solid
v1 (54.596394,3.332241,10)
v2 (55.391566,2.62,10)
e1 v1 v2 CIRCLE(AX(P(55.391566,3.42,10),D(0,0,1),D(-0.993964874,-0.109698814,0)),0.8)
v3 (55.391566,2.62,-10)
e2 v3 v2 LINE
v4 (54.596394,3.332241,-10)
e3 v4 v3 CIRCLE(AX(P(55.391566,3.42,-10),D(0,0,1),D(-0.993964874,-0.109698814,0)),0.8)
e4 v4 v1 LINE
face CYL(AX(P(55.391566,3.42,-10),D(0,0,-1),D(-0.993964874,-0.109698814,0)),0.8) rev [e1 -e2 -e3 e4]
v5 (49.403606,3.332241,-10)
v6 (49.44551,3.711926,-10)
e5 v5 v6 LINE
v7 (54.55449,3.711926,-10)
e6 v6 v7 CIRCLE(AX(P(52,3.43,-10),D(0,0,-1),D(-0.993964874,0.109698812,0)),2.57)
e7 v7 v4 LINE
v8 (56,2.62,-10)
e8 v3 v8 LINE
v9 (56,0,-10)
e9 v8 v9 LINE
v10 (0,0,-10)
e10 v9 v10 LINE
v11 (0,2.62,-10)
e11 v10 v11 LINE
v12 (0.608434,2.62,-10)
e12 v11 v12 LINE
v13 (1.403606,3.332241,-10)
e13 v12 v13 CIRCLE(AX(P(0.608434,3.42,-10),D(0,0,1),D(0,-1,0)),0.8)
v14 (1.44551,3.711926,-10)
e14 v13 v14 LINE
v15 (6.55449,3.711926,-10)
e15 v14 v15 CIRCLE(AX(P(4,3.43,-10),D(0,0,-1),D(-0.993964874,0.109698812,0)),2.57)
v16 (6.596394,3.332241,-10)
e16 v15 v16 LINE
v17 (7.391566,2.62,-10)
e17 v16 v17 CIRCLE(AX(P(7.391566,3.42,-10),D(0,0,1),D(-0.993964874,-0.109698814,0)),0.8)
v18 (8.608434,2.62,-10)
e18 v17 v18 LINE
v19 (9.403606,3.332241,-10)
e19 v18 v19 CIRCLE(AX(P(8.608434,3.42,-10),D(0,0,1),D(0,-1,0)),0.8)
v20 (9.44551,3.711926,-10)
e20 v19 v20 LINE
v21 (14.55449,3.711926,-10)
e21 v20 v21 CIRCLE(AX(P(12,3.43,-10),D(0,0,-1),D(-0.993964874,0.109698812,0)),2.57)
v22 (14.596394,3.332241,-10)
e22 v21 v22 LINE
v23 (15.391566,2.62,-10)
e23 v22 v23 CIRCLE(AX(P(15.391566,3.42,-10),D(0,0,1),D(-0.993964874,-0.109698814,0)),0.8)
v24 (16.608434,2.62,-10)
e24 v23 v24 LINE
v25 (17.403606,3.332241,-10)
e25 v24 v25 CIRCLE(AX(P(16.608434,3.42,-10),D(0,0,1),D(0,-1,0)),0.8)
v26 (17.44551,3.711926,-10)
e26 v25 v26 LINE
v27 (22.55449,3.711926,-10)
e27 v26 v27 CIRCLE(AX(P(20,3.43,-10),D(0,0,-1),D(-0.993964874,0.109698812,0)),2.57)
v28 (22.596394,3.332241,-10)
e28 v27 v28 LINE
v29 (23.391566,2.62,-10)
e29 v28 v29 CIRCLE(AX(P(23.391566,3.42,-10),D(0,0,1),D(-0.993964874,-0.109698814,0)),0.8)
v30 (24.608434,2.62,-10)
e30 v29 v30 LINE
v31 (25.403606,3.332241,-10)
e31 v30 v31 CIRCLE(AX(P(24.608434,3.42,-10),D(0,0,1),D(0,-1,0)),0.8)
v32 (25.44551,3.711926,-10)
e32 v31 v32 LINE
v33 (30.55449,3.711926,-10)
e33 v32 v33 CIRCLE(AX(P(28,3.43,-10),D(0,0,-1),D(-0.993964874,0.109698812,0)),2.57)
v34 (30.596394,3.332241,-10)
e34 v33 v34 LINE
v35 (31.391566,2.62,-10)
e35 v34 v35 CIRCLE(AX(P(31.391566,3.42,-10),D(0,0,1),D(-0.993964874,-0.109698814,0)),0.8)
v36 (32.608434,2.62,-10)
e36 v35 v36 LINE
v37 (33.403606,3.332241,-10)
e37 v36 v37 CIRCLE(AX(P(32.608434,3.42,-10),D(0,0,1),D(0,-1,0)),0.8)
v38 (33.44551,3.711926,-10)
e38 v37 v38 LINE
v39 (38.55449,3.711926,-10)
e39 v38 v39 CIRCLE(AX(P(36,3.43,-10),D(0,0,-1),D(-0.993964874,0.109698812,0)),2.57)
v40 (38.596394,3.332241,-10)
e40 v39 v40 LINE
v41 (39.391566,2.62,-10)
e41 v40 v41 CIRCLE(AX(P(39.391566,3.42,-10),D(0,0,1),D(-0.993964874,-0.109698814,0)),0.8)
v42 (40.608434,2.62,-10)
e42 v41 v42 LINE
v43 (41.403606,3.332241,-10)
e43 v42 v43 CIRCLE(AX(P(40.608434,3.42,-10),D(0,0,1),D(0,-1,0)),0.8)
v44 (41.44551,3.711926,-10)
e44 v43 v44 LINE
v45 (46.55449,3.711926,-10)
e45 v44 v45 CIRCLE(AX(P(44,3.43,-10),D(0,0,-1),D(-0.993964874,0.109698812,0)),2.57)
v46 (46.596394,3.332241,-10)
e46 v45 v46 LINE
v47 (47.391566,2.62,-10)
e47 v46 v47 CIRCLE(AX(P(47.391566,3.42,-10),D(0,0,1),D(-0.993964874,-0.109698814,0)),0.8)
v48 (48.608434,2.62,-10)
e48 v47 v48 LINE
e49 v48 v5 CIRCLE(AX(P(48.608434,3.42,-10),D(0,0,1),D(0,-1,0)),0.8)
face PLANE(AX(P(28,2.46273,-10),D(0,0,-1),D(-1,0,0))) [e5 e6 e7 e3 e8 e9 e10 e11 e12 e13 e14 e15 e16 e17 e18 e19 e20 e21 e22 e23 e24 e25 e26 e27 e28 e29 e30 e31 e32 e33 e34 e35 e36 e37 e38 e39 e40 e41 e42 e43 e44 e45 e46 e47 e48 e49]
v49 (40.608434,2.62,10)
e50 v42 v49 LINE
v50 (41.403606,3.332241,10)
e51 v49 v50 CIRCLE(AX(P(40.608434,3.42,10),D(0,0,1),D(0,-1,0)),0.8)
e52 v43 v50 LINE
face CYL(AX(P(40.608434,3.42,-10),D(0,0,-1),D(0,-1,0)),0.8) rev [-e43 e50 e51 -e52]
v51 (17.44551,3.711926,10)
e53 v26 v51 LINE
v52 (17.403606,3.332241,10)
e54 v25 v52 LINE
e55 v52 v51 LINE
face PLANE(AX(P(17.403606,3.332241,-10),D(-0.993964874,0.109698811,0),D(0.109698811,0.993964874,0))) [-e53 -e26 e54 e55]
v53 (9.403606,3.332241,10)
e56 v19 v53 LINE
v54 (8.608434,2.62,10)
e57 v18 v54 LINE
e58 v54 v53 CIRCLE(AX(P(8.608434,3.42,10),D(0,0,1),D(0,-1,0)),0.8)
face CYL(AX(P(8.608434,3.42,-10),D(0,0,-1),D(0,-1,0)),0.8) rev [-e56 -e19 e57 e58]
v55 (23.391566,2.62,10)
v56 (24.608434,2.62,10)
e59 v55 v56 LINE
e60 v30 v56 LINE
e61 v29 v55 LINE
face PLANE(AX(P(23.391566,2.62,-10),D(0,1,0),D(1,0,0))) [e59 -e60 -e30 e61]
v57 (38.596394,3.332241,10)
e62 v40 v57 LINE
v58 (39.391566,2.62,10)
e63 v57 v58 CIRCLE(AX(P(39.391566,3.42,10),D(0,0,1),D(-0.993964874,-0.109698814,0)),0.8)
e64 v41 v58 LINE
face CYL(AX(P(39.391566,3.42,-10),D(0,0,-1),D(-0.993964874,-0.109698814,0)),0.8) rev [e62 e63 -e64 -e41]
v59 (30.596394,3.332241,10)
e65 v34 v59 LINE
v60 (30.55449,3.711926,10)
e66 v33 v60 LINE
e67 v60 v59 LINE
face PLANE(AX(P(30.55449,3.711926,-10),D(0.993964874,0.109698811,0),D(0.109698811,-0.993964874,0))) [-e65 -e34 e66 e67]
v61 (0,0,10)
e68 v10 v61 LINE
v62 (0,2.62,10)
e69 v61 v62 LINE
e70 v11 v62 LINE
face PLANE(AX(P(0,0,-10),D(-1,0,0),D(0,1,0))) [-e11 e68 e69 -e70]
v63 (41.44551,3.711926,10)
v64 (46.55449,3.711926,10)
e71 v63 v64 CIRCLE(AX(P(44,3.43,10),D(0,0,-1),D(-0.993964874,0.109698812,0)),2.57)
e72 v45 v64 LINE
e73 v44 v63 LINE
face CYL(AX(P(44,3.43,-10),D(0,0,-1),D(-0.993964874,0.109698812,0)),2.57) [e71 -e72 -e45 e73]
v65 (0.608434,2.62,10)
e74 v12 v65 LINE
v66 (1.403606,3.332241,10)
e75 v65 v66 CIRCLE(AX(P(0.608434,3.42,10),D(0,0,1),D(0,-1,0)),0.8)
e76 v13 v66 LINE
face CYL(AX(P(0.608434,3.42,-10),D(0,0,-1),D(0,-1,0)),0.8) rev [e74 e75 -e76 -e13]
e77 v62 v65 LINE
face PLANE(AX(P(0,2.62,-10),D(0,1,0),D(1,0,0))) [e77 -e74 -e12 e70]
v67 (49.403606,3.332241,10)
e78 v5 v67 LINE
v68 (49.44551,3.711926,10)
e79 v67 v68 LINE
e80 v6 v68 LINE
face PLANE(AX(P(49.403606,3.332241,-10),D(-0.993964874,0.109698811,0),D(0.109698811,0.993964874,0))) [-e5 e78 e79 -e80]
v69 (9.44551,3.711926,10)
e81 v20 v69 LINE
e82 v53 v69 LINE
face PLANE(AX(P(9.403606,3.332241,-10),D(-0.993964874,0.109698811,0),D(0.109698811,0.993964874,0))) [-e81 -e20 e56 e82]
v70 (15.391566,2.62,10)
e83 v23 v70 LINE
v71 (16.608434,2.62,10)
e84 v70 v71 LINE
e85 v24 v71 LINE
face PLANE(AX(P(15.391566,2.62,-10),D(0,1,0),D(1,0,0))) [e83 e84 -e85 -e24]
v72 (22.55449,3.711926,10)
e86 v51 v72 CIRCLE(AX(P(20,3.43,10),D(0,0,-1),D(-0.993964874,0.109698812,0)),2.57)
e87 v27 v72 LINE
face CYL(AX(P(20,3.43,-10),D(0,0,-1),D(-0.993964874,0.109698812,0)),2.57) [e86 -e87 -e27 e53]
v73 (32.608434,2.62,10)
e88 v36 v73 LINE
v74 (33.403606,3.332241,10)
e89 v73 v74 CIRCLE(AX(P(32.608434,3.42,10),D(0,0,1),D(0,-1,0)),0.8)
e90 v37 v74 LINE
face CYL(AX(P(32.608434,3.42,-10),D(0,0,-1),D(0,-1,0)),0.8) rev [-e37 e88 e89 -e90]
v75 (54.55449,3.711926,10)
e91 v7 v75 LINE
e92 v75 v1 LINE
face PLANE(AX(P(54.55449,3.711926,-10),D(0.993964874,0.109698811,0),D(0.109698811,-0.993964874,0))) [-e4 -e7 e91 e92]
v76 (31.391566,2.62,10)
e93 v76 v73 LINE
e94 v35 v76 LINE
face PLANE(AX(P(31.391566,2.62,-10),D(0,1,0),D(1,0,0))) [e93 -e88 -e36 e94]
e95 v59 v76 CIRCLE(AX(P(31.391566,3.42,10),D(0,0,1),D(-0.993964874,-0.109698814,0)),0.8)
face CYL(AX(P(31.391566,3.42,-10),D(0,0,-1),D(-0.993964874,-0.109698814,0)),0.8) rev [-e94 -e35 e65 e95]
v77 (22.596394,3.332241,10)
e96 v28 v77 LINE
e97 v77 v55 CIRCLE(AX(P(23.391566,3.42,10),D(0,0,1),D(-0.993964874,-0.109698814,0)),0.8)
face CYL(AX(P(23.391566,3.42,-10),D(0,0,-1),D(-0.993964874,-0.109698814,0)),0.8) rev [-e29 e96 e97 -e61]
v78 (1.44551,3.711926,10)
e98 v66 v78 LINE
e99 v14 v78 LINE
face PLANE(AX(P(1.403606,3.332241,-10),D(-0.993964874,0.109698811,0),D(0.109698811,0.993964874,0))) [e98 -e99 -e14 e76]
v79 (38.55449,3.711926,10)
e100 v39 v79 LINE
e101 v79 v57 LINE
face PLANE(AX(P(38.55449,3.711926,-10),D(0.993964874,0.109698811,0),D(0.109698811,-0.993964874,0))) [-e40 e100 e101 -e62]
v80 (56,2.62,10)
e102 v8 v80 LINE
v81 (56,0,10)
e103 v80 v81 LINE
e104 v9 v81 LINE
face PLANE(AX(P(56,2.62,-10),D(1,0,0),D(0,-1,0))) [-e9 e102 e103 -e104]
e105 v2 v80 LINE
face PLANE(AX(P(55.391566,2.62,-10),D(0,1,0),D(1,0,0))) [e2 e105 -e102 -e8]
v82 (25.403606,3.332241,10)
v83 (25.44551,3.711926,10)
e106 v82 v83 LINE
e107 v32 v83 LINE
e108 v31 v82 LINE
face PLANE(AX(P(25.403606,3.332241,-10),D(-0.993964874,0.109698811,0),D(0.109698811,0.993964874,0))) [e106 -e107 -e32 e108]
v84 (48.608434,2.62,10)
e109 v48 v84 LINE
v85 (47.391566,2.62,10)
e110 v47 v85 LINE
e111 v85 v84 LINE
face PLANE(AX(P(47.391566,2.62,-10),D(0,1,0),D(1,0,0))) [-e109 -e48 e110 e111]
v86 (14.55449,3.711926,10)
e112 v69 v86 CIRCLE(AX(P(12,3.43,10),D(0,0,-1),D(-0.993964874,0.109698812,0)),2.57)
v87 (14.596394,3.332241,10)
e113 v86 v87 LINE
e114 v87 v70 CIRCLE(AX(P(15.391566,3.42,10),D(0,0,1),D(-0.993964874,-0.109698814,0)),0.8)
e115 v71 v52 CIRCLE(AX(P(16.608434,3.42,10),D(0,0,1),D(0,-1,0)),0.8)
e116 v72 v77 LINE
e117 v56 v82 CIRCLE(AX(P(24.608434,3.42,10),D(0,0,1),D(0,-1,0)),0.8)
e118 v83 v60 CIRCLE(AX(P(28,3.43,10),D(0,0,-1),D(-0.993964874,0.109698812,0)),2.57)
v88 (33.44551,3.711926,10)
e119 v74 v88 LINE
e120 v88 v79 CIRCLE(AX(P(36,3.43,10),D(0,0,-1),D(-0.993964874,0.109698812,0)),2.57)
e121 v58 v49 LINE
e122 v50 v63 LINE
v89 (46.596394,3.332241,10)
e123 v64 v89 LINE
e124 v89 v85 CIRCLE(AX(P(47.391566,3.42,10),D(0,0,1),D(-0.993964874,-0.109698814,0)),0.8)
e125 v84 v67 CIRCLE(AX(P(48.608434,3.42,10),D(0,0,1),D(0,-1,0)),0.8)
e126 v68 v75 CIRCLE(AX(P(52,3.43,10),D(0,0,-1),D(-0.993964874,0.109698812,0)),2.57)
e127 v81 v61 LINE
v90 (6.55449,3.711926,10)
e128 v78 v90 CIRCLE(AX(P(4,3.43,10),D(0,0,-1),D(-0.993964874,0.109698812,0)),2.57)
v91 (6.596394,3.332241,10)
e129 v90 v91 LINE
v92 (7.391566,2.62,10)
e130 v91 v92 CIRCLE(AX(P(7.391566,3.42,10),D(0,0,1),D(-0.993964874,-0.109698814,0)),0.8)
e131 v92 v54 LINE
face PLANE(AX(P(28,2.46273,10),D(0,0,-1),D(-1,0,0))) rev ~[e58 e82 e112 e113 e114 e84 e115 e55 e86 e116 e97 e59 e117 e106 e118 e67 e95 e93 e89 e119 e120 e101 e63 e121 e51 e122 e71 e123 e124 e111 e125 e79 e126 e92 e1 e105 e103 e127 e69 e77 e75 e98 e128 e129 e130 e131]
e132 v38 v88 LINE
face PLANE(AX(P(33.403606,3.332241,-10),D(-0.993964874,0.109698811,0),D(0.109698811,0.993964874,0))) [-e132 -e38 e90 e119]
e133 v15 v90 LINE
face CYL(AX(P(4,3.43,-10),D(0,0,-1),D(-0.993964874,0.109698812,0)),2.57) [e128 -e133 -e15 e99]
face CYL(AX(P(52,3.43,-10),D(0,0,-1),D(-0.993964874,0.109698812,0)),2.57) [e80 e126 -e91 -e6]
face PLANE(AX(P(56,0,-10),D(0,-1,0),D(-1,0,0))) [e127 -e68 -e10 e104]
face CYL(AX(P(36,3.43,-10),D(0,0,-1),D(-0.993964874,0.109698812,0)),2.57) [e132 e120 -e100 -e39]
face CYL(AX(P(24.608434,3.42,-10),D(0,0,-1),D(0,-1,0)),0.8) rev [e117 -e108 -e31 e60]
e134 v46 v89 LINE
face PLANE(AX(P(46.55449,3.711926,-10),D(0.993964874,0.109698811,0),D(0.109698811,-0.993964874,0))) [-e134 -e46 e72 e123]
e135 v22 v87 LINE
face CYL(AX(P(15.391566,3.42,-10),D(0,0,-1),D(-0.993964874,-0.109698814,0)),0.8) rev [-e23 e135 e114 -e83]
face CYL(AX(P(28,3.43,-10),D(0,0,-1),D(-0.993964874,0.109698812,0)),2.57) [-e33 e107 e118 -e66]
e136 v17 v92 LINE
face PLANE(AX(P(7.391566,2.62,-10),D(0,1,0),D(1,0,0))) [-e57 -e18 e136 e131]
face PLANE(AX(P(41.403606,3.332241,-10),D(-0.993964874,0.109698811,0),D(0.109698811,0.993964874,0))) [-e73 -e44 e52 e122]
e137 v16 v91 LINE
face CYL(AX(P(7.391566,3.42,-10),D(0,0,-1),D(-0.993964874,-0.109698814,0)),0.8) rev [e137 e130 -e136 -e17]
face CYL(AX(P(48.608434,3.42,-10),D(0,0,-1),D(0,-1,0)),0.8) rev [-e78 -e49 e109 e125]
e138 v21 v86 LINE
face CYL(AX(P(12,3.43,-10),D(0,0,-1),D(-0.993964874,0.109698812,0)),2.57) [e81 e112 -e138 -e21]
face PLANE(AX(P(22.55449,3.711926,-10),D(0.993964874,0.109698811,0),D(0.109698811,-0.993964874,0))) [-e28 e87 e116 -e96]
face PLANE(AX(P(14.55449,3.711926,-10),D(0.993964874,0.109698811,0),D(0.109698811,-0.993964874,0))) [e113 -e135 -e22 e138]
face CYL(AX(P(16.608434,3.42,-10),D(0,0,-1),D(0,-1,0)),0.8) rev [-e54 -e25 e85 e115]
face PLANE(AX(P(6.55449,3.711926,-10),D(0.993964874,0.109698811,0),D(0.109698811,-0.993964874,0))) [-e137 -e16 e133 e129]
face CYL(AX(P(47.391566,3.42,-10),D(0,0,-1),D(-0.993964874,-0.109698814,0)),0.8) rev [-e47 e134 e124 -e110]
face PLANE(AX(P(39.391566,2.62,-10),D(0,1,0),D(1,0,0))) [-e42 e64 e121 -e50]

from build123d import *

# Parameters (mm, degrees)
BOSS_EXTRUDE1_DEPTH = 20


with BuildPart() as part:
    # Sketch1 → Boss-Extrude1 (new body)
    with BuildSketch(Plane(origin=(0, 0, -10), x_dir=(-1, 0, 0), z_dir=(0, 0, -1))):
        with BuildLine():
            Line((0, 2.62), (-0.608434486, 2.62))
            ThreePointArc((-0.608434486, 2.62), (-1.142191341, 2.824094286), (-1.403606386, 3.33224095))
            Line((-1.403606386, 3.33224095), (-1.445510274, 3.711925947))
            ThreePointArc((-1.445510274, 3.711925947), (-4, 6), (-6.554489726, 3.711925947))
            Line((-6.554489726, 3.711925947), (-6.596393614, 3.33224095))
            ThreePointArc((-6.596393614, 3.33224095), (-6.857808659, 2.824094286), (-7.391565514, 2.62))
            Line((-7.391565514, 2.62), (-8.608434486, 2.62))
            ThreePointArc((-8.608434486, 2.62), (-9.142191341, 2.824094286), (-9.403606386, 3.33224095))
            Line((-9.403606386, 3.33224095), (-9.445510274, 3.711925947))
            ThreePointArc((-9.445510274, 3.711925947), (-12, 6), (-14.554489726, 3.711925947))
            Line((-14.554489726, 3.711925947), (-14.596393614, 3.33224095))
            ThreePointArc((-14.596393614, 3.33224095), (-14.857808659, 2.824094286), (-15.391565514, 2.62))
            Line((-15.391565514, 2.62), (-16.608434486, 2.62))
            ThreePointArc((-16.608434486, 2.62), (-17.142191341, 2.824094286), (-17.403606386, 3.33224095))
            Line((-17.403606386, 3.33224095), (-17.445510274, 3.711925947))
            ThreePointArc((-17.445510274, 3.711925947), (-20, 6), (-22.554489726, 3.711925947))
            Line((-22.554489726, 3.711925947), (-22.596393614, 3.33224095))
            ThreePointArc((-22.596393614, 3.33224095), (-22.857808659, 2.824094286), (-23.391565514, 2.62))
            Line((-23.391565514, 2.62), (-24.608434486, 2.62))
            ThreePointArc((-24.608434486, 2.62), (-25.142191341, 2.824094286), (-25.403606386, 3.33224095))
            Line((-25.403606386, 3.33224095), (-25.445510274, 3.711925947))
            ThreePointArc((-25.445510274, 3.711925947), (-28, 6), (-30.554489726, 3.711925947))
            Line((-30.554489726, 3.711925947), (-30.596393614, 3.33224095))
            ThreePointArc((-30.596393614, 3.33224095), (-30.857808659, 2.824094286), (-31.391565514, 2.62))
            Line((-31.391565514, 2.62), (-32.608434486, 2.62))
            ThreePointArc((-32.608434486, 2.62), (-33.142191341, 2.824094286), (-33.403606386, 3.33224095))
            Line((-33.403606386, 3.33224095), (-33.445510274, 3.711925947))
            ThreePointArc((-33.445510274, 3.711925947), (-36, 6), (-38.554489726, 3.711925947))
            Line((-38.554489726, 3.711925947), (-38.596393614, 3.33224095))
            ThreePointArc((-38.596393614, 3.33224095), (-38.857808659, 2.824094286), (-39.391565514, 2.62))
            Line((-39.391565514, 2.62), (-40.608434486, 2.62))
            ThreePointArc((-40.608434486, 2.62), (-41.142191341, 2.824094286), (-41.403606386, 3.33224095))
            Line((-41.403606386, 3.33224095), (-41.445510274, 3.711925947))
            ThreePointArc((-41.445510274, 3.711925947), (-44, 6), (-46.554489726, 3.711925947))
            Line((-46.554489726, 3.711925947), (-46.596393614, 3.33224095))
            ThreePointArc((-46.596393614, 3.33224095), (-46.857808659, 2.824094286), (-47.391565514, 2.62))
            Line((-47.391565514, 2.62), (-48.608434486, 2.62))
            ThreePointArc((-48.608434486, 2.62), (-49.142191341, 2.824094286), (-49.403606386, 3.33224095))
            Line((-49.403606386, 3.33224095), (-49.445510274, 3.711925947))
            ThreePointArc((-49.445510274, 3.711925947), (-52, 6), (-54.554489726, 3.711925947))
            Line((-54.554489726, 3.711925947), (-54.596393614, 3.33224095))
            ThreePointArc((-54.596393614, 3.33224095), (-54.857808659, 2.824094286), (-55.391565514, 2.62))
            Line((-55.391565514, 2.62), (-56, 2.62))
            Line((-56, 2.62), (-56, 0))
            Line((-56, 0), (0, 0))
            Line((0, 0), (0, 2.62))
        make_face()
    extrude(amount=-BOSS_EXTRUDE1_DEPTH)


solid = part.part
